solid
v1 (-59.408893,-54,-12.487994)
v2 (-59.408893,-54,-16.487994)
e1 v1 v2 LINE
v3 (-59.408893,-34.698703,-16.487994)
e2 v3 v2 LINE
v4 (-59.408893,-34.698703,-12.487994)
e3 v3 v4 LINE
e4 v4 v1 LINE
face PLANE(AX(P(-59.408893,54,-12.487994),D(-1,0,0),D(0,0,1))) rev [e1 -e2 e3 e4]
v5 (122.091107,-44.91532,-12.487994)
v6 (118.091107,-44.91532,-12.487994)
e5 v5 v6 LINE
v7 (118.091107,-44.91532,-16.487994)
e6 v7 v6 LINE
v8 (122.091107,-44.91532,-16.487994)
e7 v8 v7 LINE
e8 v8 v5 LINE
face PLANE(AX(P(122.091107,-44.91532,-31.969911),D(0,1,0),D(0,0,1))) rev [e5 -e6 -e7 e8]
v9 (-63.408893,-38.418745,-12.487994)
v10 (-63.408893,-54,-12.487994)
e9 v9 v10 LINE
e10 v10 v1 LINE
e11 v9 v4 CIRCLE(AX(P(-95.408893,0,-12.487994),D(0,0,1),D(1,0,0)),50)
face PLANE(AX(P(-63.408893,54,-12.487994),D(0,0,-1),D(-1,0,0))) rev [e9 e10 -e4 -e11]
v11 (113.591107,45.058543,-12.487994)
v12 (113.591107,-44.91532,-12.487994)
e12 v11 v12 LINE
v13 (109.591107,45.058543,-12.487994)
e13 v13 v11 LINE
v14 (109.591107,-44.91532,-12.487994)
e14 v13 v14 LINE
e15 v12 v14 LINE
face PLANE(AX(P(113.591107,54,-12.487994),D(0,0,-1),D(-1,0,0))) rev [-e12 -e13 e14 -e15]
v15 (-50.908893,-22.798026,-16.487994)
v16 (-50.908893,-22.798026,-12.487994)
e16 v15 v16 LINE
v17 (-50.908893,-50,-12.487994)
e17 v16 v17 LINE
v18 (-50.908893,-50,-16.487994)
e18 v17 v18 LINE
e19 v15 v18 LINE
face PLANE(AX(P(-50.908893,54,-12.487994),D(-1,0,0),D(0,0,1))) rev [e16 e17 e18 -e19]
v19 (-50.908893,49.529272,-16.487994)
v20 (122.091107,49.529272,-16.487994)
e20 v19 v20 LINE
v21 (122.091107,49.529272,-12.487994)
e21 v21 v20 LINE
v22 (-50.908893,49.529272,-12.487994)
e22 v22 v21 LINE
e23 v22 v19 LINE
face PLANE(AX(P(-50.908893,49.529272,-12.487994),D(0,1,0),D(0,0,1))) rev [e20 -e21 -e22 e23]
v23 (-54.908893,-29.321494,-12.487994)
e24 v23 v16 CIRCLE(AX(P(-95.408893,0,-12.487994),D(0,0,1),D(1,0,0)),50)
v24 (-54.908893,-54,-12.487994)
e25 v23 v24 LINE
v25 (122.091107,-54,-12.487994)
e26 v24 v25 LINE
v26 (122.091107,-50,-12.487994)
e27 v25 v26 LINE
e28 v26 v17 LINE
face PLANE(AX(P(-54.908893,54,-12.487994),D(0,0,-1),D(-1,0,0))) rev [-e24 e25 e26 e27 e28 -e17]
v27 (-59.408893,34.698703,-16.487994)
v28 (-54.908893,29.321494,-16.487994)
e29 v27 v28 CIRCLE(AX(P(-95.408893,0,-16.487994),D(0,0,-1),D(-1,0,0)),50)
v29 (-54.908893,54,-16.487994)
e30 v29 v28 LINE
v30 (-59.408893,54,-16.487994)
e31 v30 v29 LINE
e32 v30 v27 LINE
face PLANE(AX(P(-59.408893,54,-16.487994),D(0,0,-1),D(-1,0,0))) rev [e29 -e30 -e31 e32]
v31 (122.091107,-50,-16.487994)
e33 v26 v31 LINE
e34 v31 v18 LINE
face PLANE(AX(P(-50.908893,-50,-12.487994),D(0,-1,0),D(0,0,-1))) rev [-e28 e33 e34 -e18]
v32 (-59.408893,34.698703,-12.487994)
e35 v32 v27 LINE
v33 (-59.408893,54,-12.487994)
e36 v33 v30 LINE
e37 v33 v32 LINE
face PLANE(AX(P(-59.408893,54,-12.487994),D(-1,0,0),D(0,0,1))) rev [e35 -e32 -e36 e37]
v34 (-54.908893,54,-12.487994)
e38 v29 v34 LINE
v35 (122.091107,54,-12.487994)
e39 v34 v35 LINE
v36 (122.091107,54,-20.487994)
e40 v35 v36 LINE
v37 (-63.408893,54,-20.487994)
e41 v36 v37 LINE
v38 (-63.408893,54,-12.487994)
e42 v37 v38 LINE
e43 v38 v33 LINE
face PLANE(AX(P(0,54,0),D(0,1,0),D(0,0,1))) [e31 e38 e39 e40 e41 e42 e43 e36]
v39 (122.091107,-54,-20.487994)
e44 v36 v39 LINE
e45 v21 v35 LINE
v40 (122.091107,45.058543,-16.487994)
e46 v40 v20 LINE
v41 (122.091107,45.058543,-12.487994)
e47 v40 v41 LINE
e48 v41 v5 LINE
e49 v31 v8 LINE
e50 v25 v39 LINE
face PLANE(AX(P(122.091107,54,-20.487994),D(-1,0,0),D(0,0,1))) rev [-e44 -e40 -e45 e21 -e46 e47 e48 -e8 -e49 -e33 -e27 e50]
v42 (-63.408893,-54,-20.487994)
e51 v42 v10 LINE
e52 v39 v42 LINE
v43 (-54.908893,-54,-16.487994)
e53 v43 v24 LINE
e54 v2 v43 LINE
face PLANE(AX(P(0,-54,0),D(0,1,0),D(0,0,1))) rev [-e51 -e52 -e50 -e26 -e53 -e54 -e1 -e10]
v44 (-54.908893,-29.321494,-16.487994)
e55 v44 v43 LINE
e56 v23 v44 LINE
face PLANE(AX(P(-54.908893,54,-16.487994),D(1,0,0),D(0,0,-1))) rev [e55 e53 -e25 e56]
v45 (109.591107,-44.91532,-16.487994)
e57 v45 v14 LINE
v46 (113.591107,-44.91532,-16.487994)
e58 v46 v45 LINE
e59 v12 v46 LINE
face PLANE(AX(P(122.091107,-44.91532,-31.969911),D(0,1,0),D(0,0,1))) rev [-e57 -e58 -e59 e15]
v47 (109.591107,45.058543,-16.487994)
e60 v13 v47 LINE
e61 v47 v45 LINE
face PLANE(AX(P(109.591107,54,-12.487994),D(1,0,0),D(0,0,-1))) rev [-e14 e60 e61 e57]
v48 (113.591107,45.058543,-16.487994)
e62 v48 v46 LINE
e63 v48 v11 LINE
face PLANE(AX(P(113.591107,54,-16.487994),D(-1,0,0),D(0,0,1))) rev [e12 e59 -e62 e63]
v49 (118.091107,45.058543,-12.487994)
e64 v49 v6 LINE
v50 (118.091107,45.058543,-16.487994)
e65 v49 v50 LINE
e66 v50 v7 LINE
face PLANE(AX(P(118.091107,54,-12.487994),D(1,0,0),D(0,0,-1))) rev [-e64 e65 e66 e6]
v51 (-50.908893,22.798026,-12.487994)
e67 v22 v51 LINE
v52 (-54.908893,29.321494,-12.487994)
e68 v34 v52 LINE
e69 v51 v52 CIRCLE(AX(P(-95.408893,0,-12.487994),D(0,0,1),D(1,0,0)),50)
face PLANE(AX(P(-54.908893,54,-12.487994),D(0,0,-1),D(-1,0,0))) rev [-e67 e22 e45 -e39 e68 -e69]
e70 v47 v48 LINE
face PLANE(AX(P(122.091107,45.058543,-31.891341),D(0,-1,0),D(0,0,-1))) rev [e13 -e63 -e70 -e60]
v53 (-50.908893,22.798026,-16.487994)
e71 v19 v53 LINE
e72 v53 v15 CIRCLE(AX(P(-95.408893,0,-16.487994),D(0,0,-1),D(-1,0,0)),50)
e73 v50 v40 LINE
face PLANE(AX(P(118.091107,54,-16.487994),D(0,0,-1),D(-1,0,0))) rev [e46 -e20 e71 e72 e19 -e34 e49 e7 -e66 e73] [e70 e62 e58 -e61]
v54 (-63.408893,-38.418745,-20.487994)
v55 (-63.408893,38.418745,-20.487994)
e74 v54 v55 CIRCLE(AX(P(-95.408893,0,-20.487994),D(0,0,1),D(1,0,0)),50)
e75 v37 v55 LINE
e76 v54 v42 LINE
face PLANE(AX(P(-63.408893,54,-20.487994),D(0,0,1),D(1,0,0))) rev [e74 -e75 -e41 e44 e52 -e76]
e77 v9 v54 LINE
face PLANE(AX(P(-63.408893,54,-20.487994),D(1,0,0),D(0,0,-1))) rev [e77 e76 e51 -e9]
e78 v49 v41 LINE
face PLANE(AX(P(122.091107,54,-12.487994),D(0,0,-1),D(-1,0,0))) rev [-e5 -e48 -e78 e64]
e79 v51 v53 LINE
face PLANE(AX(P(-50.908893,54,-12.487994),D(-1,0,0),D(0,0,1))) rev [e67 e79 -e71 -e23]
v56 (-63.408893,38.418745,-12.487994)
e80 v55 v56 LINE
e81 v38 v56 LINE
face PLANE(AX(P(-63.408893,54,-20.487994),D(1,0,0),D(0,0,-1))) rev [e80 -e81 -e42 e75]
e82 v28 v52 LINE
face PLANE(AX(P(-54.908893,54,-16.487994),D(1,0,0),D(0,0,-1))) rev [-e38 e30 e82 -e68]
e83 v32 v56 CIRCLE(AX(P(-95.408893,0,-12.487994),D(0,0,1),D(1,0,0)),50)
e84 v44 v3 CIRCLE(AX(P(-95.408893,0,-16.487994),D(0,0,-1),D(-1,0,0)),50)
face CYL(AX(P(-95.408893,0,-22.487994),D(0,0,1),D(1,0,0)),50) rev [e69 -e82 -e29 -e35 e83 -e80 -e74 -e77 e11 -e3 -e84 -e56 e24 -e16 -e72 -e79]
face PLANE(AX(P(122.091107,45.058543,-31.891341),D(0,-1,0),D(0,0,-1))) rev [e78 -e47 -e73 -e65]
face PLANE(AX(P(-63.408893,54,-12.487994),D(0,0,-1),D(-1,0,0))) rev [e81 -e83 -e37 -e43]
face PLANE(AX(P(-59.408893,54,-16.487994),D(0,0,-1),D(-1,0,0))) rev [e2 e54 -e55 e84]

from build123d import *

# Parameters (mm, degrees)
BOSS_EXTRUDE1_DEPTH = 54
SKETCH7_W           = 12.542465984
SKETCH7_H           = 8.941456765
CUT_EXTRUDE4_DEPTH  = 4
SKETCH8_W           = 12.536281236
SKETCH8_H           = 9.084679825
CUT_EXTRUDE5_DEPTH  = 4
SKETCH10_R          = 50
CUT_EXTRUDE6_DEPTH  = 10
SKETCH12_W          = 173
SKETCH12_H          = 4
SKETCH12_H_2        = 4.470728383
BOSS_EXTRUDE2_DEPTH = 4


with BuildPart() as part:
    # Sketch1 → Boss-Extrude1 (new, symmetric)
    with BuildSketch(Plane(origin=(0, 0, 0), x_dir=(1, 0, 0), z_dir=(0, 1, 0))):
        Polygon((-63.408892702, 20.487993735), (122.091107298, 20.487993735), (122.091107298, 12.487993735), (118.091107298, 12.487993735), (118.091107298, 16.487993735), (113.591107298, 16.487993735), (113.591107298, 12.487993735), (109.591107298, 12.487993735), (109.591107298, 16.487993735), (-50.908892702, 16.487993735), (-50.908892702, 12.487993735), (-54.908892702, 12.487993735), (-54.908892702, 16.487993735), (-59.408892702, 16.487993735), (-59.408892702, 12.487993735), (-63.408892702, 12.487993735), align=None)
    extrude(amount=BOSS_EXTRUDE1_DEPTH, both=True)

    # Sketch7 → Cut-Extrude4 (cut)
    with BuildSketch(Plane.XY.offset(-12.487993735)):
        with Locations((115.819874306, 49.529271618)):
            Rectangle(SKETCH7_W, SKETCH7_H)
    extrude(amount=-CUT_EXTRUDE4_DEPTH, mode=Mode.SUBTRACT)

    # Sketch8 → Cut-Extrude5 (cut)
    with BuildSketch(Plane.XY.offset(-12.487993735)):
        with Locations((115.82296668, -49.457660088)):
            Rectangle(SKETCH8_W, SKETCH8_H)
    extrude(amount=-CUT_EXTRUDE5_DEPTH, mode=Mode.SUBTRACT)

    # Sketch10 → Cut-Extrude6 (cut)
    with BuildSketch(Plane.XY.offset(-12.487993735)):
        with Locations((-95.408892702, 0)):
            Circle(SKETCH10_R)
    extrude(amount=-CUT_EXTRUDE6_DEPTH, mode=Mode.SUBTRACT)

    # Sketch12 → Boss-Extrude2 (add)
    with BuildSketch(Plane.XY.offset(-16.487993735)):
        with Locations((35.591107298, -52)):
            Rectangle(SKETCH12_W, SKETCH12_H)
        with Locations((35.591107298, 51.764635809)):
            Rectangle(SKETCH12_W, SKETCH12_H_2)
    extrude(amount=BOSS_EXTRUDE2_DEPTH)


solid = part.part
